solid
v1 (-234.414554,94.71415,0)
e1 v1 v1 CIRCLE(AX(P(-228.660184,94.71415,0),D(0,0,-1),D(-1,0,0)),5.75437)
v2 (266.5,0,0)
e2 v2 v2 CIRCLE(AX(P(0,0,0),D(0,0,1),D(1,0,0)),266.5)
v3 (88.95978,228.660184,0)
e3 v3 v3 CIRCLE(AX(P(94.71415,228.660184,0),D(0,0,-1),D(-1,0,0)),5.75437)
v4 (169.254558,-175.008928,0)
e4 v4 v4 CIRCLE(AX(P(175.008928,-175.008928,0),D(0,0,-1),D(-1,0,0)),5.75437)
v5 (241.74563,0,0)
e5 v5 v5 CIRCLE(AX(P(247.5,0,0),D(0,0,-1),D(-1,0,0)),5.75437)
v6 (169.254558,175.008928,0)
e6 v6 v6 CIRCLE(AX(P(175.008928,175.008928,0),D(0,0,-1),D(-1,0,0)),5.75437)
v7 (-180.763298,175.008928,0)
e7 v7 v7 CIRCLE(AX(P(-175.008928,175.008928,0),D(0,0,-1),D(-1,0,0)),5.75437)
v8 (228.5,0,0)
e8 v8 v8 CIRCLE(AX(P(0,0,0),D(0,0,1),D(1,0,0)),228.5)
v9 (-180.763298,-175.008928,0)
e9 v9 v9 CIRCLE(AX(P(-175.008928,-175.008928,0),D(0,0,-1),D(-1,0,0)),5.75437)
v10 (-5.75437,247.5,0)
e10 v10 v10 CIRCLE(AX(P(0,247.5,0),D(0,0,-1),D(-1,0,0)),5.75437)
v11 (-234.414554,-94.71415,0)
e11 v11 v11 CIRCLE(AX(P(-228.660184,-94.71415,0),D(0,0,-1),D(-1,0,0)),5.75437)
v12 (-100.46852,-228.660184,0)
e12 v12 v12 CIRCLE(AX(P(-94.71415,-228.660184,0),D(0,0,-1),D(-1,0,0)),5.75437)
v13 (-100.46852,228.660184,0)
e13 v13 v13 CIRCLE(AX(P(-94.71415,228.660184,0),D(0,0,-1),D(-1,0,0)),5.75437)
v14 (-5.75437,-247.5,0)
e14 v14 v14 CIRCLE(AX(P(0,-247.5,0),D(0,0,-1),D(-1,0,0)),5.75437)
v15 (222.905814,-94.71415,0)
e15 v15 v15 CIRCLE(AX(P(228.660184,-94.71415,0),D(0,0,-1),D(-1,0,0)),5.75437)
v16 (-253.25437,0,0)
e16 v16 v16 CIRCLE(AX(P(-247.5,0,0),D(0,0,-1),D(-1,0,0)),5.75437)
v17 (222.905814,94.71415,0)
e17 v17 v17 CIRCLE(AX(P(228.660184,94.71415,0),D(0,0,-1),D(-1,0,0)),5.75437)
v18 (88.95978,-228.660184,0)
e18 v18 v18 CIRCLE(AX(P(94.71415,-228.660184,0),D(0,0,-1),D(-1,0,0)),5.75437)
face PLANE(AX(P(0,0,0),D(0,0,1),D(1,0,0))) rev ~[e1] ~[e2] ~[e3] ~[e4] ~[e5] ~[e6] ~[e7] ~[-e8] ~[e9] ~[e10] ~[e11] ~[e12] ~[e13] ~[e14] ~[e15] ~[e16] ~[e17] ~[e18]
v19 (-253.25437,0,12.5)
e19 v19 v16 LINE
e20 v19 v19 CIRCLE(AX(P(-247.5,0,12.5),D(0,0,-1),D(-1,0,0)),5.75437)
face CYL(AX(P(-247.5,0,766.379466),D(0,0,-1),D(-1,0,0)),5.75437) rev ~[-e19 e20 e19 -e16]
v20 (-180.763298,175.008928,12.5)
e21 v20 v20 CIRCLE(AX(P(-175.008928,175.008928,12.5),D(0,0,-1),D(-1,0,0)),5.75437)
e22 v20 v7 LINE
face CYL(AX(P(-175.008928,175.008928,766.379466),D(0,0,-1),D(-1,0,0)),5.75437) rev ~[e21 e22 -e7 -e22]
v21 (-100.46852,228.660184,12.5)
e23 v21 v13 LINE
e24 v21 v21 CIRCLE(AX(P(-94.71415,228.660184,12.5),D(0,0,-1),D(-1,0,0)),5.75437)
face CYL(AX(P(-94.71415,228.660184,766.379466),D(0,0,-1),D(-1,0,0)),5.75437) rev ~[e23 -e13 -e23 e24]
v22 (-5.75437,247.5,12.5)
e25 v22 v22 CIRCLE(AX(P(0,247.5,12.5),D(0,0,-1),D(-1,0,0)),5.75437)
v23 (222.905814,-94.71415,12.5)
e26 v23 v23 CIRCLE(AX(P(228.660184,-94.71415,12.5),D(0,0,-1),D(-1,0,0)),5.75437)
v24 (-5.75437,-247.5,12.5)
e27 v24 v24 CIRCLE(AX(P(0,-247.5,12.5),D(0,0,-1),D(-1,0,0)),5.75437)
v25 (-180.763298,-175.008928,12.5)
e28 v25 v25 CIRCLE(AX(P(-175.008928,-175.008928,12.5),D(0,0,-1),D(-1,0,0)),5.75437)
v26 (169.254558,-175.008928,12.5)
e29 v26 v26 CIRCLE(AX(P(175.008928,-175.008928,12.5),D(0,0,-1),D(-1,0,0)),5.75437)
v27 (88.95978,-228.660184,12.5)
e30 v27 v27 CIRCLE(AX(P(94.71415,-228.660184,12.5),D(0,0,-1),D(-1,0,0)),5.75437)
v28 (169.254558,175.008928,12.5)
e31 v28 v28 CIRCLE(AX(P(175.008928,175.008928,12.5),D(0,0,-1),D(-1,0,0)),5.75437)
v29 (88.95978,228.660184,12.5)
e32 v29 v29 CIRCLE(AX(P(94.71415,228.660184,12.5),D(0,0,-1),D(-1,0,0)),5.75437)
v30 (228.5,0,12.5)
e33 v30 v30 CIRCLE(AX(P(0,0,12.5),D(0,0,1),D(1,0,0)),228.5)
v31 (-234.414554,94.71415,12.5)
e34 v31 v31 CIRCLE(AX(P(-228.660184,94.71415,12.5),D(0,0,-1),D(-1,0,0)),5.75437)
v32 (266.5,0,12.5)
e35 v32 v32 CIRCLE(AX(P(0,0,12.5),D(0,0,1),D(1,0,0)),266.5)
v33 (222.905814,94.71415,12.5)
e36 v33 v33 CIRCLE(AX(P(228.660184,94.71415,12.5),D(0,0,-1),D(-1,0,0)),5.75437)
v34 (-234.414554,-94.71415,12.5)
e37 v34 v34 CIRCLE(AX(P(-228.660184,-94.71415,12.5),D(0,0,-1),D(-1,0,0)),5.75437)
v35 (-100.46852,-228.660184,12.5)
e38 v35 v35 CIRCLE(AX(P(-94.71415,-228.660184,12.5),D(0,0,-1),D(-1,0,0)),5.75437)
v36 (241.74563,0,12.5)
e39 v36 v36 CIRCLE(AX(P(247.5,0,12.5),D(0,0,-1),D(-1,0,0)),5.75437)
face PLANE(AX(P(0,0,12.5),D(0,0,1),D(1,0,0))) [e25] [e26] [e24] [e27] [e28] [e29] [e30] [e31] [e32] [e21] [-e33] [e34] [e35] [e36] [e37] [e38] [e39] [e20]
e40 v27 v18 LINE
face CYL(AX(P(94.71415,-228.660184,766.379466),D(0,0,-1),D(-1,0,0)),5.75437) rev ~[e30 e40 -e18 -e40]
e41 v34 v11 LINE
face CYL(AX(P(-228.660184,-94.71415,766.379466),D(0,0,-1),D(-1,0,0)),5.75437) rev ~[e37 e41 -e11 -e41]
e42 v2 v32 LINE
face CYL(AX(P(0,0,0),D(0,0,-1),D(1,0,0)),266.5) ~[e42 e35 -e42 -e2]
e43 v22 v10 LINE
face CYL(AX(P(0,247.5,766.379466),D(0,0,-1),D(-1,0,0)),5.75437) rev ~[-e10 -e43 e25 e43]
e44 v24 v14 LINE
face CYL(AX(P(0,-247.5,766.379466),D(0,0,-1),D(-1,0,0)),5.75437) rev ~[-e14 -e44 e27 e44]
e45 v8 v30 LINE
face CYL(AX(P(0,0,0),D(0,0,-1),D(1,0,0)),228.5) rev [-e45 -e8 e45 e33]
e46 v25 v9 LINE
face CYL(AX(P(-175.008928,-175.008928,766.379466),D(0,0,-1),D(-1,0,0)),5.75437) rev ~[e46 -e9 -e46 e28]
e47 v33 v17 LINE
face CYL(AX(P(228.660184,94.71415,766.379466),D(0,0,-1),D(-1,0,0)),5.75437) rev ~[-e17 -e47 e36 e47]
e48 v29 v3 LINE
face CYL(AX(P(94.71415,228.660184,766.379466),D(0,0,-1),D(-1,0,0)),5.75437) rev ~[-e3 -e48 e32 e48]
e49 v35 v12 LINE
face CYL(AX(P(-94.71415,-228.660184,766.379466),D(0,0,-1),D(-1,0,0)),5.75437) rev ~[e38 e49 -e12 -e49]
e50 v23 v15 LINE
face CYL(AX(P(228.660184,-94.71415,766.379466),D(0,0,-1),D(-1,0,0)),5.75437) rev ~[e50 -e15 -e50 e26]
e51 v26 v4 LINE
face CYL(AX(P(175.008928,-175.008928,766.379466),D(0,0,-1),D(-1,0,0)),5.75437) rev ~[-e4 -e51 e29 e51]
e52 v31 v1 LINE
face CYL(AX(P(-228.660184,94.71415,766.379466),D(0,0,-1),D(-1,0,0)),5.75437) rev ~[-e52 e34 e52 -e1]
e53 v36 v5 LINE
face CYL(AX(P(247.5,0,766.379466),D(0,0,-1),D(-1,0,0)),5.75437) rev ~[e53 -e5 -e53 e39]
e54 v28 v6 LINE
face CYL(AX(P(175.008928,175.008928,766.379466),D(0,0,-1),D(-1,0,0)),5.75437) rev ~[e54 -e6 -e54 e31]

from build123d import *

# Parameters (mm, degrees)
F0_R     = 266.5
F0_R_2   = 228.5
F1_DEPTH = 12.5
F3_D     = 11.50874


with BuildPart() as f1:
    # F0 (on Top) → F1 (new body)
    with BuildSketch(Plane.XY):
        Circle(F0_R)
        Circle(F0_R_2, mode=Mode.SUBTRACT)
    extrude(amount=F1_DEPTH)

    # F3 (through all)
    with Locations(Plane.XY.offset(12.5)):
        with Locations((-94.7141495104, 228.6601842965), (0, 247.5), (94.7141495104, 228.6601842965), (175.0089283437, 175.0089283437), (228.6601842965, 94.7141495104), (247.5, 0), (228.6601842965, -94.7141495104), (175.0089283437, -175.0089283437), (94.7141495104, -228.6601842965), (0, -247.5), (-94.7141495104, -228.6601842965), (-175.0089283437, -175.0089283437), (-228.6601842965, -94.7141495104), (-247.5, 0), (-228.6601842965, 94.7141495104), (-175.0089283437, 175.0089283437)):
            Hole(F3_D / 2)


solid = f1.part
